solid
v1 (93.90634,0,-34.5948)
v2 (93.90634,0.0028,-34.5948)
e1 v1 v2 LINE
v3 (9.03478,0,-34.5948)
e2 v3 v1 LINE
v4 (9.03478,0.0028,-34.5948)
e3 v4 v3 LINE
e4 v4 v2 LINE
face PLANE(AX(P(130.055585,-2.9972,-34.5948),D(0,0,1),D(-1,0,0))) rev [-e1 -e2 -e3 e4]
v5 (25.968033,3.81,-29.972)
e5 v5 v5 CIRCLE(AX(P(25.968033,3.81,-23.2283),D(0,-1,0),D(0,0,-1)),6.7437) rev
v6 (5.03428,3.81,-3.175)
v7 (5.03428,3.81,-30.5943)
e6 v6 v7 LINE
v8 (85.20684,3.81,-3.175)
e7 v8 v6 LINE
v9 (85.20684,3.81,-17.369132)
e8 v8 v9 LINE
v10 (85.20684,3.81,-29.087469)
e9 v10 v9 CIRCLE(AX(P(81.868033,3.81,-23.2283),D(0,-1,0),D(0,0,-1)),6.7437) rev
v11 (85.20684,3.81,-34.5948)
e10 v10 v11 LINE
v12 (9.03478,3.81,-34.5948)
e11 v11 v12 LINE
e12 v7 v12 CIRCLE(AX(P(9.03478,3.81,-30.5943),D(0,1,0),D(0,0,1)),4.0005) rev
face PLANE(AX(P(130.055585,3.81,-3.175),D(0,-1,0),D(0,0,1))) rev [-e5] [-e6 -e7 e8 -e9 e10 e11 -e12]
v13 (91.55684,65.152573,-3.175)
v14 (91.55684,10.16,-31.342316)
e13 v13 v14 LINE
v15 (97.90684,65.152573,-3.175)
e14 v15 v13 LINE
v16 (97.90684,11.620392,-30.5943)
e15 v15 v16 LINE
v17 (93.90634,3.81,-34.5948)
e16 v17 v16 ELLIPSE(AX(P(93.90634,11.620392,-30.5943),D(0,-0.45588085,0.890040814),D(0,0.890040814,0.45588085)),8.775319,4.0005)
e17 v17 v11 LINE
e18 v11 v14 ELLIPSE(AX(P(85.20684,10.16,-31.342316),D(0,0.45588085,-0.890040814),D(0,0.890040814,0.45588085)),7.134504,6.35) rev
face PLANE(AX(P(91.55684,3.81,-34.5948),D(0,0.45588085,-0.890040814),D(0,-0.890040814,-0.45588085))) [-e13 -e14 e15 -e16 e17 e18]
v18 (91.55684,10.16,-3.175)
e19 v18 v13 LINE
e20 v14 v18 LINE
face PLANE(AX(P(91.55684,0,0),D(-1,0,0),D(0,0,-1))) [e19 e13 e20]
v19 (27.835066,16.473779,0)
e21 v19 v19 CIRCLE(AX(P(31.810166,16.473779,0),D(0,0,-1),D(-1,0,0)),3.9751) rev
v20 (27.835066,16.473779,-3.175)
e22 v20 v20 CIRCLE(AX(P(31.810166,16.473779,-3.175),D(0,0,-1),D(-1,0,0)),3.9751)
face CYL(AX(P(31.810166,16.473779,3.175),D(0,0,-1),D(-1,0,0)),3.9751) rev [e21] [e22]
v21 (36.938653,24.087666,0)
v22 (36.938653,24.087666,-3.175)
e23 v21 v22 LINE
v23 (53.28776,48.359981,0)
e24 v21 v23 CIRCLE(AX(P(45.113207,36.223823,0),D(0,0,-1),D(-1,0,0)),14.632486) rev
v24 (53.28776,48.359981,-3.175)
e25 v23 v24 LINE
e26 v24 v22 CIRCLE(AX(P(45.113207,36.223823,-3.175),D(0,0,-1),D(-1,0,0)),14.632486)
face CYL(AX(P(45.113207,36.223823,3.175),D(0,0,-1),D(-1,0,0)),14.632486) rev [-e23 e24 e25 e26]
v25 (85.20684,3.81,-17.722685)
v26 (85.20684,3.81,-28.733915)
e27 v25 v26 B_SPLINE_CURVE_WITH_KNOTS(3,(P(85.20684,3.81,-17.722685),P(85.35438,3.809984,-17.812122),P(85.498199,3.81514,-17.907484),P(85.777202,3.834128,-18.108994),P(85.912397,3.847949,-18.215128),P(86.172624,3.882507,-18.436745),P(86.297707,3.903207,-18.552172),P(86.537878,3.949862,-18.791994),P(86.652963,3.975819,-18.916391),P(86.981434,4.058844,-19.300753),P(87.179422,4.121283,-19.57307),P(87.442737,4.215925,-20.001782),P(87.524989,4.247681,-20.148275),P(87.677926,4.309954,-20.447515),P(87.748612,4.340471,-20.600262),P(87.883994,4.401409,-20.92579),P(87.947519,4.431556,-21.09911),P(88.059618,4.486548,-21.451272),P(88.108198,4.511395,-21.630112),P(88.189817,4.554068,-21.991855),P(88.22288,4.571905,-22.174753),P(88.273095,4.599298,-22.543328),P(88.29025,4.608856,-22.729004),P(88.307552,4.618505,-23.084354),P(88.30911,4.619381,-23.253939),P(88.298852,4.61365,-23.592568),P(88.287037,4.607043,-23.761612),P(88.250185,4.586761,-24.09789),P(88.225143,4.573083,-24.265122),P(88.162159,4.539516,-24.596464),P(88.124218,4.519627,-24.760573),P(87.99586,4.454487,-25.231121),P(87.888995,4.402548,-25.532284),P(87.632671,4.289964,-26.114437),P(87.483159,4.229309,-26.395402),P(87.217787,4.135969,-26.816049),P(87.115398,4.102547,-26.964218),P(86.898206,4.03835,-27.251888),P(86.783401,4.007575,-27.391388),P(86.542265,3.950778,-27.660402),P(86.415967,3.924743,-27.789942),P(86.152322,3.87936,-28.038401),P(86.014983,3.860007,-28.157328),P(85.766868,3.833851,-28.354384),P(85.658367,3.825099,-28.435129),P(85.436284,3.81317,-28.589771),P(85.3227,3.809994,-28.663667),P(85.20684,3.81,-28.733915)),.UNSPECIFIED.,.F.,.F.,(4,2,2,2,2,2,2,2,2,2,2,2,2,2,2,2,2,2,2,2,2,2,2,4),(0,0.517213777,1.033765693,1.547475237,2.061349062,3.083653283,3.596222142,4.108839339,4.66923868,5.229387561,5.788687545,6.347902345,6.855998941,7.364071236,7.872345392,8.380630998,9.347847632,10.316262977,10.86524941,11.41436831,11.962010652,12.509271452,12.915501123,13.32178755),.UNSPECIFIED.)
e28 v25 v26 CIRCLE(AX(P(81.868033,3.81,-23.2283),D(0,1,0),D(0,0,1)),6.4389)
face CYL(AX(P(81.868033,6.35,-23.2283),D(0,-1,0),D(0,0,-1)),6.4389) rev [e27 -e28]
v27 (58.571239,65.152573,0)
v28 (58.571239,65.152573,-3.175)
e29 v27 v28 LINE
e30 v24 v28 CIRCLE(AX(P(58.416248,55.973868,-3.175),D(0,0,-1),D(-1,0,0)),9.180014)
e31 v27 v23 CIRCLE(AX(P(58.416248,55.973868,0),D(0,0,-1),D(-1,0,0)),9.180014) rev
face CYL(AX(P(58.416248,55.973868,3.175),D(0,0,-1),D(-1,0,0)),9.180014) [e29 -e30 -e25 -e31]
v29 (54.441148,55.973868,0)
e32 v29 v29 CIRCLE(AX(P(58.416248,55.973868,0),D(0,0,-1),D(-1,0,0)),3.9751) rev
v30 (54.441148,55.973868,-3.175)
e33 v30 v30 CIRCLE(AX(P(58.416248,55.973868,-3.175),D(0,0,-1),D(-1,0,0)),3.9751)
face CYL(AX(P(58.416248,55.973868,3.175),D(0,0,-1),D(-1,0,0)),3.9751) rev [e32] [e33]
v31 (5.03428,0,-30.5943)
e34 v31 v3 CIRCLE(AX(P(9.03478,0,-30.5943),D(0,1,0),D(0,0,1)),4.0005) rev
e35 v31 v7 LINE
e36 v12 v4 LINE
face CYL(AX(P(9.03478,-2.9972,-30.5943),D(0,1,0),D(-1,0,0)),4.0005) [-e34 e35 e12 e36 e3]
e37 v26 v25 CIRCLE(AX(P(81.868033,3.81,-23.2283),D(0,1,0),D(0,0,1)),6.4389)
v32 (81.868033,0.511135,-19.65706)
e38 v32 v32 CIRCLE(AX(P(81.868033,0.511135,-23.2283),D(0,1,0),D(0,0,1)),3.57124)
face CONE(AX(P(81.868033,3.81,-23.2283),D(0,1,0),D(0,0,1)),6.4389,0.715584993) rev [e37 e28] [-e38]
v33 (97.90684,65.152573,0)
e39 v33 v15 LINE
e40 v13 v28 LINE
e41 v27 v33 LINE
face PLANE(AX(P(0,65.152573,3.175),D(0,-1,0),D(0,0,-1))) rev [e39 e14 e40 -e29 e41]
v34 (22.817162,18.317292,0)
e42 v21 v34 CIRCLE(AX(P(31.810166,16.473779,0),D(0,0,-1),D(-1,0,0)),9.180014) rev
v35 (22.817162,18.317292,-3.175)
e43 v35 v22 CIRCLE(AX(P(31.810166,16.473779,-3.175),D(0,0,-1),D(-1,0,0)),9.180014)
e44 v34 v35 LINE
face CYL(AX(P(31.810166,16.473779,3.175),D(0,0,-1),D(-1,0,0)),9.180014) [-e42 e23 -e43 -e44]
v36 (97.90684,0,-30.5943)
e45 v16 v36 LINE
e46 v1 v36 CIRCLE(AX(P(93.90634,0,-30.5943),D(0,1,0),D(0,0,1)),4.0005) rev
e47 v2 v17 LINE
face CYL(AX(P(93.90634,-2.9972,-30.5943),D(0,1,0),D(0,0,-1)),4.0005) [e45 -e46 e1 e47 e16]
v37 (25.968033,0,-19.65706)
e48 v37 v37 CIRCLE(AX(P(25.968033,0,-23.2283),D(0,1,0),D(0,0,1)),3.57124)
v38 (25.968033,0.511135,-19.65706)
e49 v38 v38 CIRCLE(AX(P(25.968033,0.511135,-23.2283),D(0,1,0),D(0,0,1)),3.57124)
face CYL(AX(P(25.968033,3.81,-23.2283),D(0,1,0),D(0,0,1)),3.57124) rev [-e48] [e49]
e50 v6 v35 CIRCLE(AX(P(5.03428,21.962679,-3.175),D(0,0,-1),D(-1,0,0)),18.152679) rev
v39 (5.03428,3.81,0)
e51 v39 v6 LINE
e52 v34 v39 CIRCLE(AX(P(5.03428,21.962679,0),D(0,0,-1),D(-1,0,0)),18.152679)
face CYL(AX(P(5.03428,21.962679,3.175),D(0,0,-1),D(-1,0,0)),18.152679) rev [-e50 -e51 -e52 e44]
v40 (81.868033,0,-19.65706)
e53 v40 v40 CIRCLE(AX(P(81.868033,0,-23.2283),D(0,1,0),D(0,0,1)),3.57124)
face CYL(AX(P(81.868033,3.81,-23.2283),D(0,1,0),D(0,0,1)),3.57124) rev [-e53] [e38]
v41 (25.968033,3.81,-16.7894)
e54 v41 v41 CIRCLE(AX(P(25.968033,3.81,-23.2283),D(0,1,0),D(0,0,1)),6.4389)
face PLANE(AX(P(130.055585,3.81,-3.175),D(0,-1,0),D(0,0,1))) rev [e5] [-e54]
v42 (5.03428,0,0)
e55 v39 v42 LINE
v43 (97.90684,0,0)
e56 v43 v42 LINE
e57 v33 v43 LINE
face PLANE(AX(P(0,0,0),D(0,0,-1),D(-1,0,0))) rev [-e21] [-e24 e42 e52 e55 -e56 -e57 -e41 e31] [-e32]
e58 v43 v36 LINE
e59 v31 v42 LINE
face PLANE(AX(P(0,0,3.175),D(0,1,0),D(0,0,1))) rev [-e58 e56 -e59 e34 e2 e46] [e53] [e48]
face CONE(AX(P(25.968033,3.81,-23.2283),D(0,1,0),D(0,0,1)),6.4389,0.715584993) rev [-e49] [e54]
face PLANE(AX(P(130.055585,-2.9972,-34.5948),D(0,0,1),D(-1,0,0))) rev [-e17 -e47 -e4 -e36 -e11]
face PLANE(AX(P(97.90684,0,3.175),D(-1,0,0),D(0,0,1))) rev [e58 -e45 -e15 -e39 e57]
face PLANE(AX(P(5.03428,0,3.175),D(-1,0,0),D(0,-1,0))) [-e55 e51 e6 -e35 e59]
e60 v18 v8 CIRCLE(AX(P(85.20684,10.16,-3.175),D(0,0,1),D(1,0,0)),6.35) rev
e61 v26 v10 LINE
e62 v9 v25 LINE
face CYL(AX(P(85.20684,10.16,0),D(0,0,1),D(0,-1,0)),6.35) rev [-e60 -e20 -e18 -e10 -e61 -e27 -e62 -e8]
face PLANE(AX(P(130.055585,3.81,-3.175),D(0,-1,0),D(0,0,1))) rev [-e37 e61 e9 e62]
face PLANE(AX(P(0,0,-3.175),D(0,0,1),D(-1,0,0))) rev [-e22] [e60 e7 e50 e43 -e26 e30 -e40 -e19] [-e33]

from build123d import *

# Parameters (mm, degrees)
SKETCH2_W                                   = 101.6
SKETCH2_H                                   = 127
BOSS_EXTRUDE1_DEPTH                         = 3.175
SKETCH5_R                                   = 3.9751
CUT_EXTRUDE1_DEPTH                          = 3.175
BOSS_EXTRUDE3_DEPTH                         = 92.87256
BOSS_EXTRUDE4_DEPTH                         = 6.35
SKETCH18_R                                  = 3.175
CUT_EXTRUDE3_DEPTH                          = 6.8072
FILLET4_R                                   = 4.0005
CUT_EXTRUDE4_DEPTH                          = 34.5948
CUT_EXTRUDE5_DEPTH                          = 2.9972
FILLET7_R                                   = 6.35
CSK_FOR_1_4_FLAT_HEAD_MACHINE_SCREW_2_COUNT = 2
CSK_FOR_1_4_FLAT_HEAD_MACHINE_SCREW_2_PITCH = 55.9
SKETCH36_R                                  = 6.4389
CUT_EXTRUDE6_DEPTH                          = 2.54


with BuildPart() as part:
    # Sketch2 → Boss-Extrude1 (new body)
    with BuildSketch(Plane.XY):
        with Locations((50.8, 63.5)):
            Rectangle(SKETCH2_W, SKETCH2_H)
    extrude(amount=BOSS_EXTRUDE1_DEPTH)

    # Sketch5 → Cut-Extrude1 (cut)
    with BuildSketch(Plane(origin=(0, 0, 0), x_dir=(-1, 0, 0), z_dir=(0, 0, -1))):
        with BuildLine():
            Line((-81.586228812, 65.152573183), (-58.571239337, 65.152573183))
            ThreePointArc((-58.571239337, 65.152573183), (-49.65943867, 58.729036089), (-53.287760408, 48.359981104))
            ThreePointArc((-53.287760408, 48.359981104), (-57.249364207, 28.049269577), (-36.93865268, 24.087665778))
            ThreePointArc((-36.93865268, 24.087665778), (-28.337713232, 24.971703827), (-22.817162059, 18.317291951))
            ThreePointArc((-22.817162059, 18.317291951), (-16.509170131, 7.896881921), (-5.03428, 3.81))
            Line((-5.03428, 3.81), (-5.03428, 0))
            Line((-5.03428, 0), (0, 0))
            Line((0, 0), (0, 127))
            Line((0, 127), (-101.6, 127))
            Line((-101.6, 127), (-101.6, 0))
            Line((-101.6, 0), (-97.90684, 0))
            Line((-97.90684, 0), (-97.90684, 65.152573183))
            Line((-97.90684, 65.152573183), (-81.586228812, 65.152573183))
        make_face()
        with Locations((-58.416247506, 55.973867932)):
            Circle(SKETCH5_R)
        with Locations((-31.810165582, 16.473778949)):
            Circle(SKETCH5_R)
    extrude(amount=-CUT_EXTRUDE1_DEPTH, mode=Mode.SUBTRACT)

    # Sketch10 → Boss-Extrude3 (add)
    with BuildSketch(Plane(origin=(5.03428, 0, 0), x_dir=(0, 0, -1), z_dir=(1, 0, 0))):
        Polygon((-3.175, 0), (-4.2418, 0), (-4.2418, -2.9972), (-34.5948, -2.9972), (-34.5948, 0), (-34.5948, 3.81), (-3.175, 3.81), align=None)
    extrude(amount=BOSS_EXTRUDE3_DEPTH)

    # Sketch11 → Boss-Extrude4 (add)
    with BuildSketch(Plane(origin=(97.90684, 0, 0), x_dir=(0, 0, -1), z_dir=(1, 0, 0))):
        Polygon((-3.175, 65.152573183), (-3.175, 3.81), (-34.5948, 3.81), align=None)
    extrude(amount=-BOSS_EXTRUDE4_DEPTH)

    # Sketch18 → Cut-Extrude3 (cut)
    with BuildSketch(Plane.XZ.offset(2.9972)):
        with Locations(Location((25.968032816, 23.228300068, 0), (0, 0, 270))):
            Circle(SKETCH18_R)
        with Locations(Location((81.868032816, 23.228300068, 0), (0, 0, 270))):
            Circle(SKETCH18_R)
    extrude(amount=-CUT_EXTRUDE3_DEPTH, mode=Mode.SUBTRACT)

    # Fillet4
    fillet4_edges = [part.edges().sort_by_distance(p)[0] for p in [
        (97.90684, -1.4986, 4.2418),
        (5.03428, -1.4986, 4.2418),
        (97.90684, 0.4064, 34.5948),
        (5.03428, 0.4064, 34.5948),
    ]]
    fillet(fillet4_edges, radius=FILLET4_R)

    # Mirror5: part across plane


with BuildPart() as part_1:
    add(part.part)
    add(part.part.mirror(Plane.XY))

    # Sketch25 → Cut-Extrude4 (cut)
    with BuildSketch(Plane.XY):
        Polygon((105.475480197, -15.241589329), (106.840773124, 71.833759528), (-8.541984089, 73.642896836), (-9.907277015, -13.432452021), align=None)
    extrude(amount=CUT_EXTRUDE4_DEPTH, mode=Mode.SUBTRACT)

    # Sketch28 → Cut-Extrude5 (cut)
    with BuildSketch(Plane.XZ.offset(2.9972)):
        with BuildLine():
            Line((93.90634, -4.2418), (9.03478, -4.2418))
            ThreePointArc((9.03478, -4.2418), (6.205999322, -5.413519322), (5.03428, -8.2423))
            Line((5.03428, -8.2423), (5.03428, -30.5943))
            ThreePointArc((5.03428, -30.5943), (6.205999322, -33.423080678), (9.03478, -34.5948))
            Line((9.03478, -34.5948), (93.90634, -34.5948))
            ThreePointArc((93.90634, -34.5948), (96.735120678, -33.423080678), (97.90684, -30.5943))
            Line((97.90684, -30.5943), (97.90684, -8.2423))
            ThreePointArc((97.90684, -8.2423), (96.735120678, -5.413519322), (93.90634, -4.2418))
        make_face()
    extrude(amount=-CUT_EXTRUDE5_DEPTH, mode=Mode.SUBTRACT)

    # Fillet7
    fillet7_edges = [part_1.edges().sort_by_distance(p)[0] for p in [
        (91.55684, 3.81, -18.8849),
    ]]
    fillet(fillet7_edges, radius=FILLET7_R)

    # Sketch35 → CSK for 1/4 Flat Head Machine Screw (100)1 (revolve, cut)
    with BuildSketch(Plane(origin=(25.968032816, 3.81, -23.228300068), x_dir=(0, 0, 1), z_dir=(1, 0, 0))):
        Polygon((0, 0), (0, 3.81), (3.57124, 3.81), (3.57124, 3.298865467), (6.4389, 0), align=None)
    csk_for_1_4_flat_head_machine_screw_100 = revolve(axis=Axis((25.968032816, 10.16, -23.228300068), (0, -1, 0)), mode=Mode.SUBTRACT)

    # CSK for 1_4 Flat Head Machine Screw  2: CSK for 1/4 Flat Head Machine Screw (100)1 ×2
    with Locations(*[(i * CSK_FOR_1_4_FLAT_HEAD_MACHINE_SCREW_2_PITCH, 0, 0) for i in range(1, CSK_FOR_1_4_FLAT_HEAD_MACHINE_SCREW_2_COUNT)]):
        add(csk_for_1_4_flat_head_machine_screw_100, mode=Mode.SUBTRACT)

    # Sketch36 → Cut-Extrude6 (cut)
    with BuildSketch(Plane(origin=(0, 3.81, 0), x_dir=(1, 0, 0), z_dir=(0, 1, 0))):
        with Locations((81.868032816, 23.228300068)):
            Circle(SKETCH36_R)
    extrude(amount=CUT_EXTRUDE6_DEPTH, mode=Mode.SUBTRACT)


solid = part_1.part
